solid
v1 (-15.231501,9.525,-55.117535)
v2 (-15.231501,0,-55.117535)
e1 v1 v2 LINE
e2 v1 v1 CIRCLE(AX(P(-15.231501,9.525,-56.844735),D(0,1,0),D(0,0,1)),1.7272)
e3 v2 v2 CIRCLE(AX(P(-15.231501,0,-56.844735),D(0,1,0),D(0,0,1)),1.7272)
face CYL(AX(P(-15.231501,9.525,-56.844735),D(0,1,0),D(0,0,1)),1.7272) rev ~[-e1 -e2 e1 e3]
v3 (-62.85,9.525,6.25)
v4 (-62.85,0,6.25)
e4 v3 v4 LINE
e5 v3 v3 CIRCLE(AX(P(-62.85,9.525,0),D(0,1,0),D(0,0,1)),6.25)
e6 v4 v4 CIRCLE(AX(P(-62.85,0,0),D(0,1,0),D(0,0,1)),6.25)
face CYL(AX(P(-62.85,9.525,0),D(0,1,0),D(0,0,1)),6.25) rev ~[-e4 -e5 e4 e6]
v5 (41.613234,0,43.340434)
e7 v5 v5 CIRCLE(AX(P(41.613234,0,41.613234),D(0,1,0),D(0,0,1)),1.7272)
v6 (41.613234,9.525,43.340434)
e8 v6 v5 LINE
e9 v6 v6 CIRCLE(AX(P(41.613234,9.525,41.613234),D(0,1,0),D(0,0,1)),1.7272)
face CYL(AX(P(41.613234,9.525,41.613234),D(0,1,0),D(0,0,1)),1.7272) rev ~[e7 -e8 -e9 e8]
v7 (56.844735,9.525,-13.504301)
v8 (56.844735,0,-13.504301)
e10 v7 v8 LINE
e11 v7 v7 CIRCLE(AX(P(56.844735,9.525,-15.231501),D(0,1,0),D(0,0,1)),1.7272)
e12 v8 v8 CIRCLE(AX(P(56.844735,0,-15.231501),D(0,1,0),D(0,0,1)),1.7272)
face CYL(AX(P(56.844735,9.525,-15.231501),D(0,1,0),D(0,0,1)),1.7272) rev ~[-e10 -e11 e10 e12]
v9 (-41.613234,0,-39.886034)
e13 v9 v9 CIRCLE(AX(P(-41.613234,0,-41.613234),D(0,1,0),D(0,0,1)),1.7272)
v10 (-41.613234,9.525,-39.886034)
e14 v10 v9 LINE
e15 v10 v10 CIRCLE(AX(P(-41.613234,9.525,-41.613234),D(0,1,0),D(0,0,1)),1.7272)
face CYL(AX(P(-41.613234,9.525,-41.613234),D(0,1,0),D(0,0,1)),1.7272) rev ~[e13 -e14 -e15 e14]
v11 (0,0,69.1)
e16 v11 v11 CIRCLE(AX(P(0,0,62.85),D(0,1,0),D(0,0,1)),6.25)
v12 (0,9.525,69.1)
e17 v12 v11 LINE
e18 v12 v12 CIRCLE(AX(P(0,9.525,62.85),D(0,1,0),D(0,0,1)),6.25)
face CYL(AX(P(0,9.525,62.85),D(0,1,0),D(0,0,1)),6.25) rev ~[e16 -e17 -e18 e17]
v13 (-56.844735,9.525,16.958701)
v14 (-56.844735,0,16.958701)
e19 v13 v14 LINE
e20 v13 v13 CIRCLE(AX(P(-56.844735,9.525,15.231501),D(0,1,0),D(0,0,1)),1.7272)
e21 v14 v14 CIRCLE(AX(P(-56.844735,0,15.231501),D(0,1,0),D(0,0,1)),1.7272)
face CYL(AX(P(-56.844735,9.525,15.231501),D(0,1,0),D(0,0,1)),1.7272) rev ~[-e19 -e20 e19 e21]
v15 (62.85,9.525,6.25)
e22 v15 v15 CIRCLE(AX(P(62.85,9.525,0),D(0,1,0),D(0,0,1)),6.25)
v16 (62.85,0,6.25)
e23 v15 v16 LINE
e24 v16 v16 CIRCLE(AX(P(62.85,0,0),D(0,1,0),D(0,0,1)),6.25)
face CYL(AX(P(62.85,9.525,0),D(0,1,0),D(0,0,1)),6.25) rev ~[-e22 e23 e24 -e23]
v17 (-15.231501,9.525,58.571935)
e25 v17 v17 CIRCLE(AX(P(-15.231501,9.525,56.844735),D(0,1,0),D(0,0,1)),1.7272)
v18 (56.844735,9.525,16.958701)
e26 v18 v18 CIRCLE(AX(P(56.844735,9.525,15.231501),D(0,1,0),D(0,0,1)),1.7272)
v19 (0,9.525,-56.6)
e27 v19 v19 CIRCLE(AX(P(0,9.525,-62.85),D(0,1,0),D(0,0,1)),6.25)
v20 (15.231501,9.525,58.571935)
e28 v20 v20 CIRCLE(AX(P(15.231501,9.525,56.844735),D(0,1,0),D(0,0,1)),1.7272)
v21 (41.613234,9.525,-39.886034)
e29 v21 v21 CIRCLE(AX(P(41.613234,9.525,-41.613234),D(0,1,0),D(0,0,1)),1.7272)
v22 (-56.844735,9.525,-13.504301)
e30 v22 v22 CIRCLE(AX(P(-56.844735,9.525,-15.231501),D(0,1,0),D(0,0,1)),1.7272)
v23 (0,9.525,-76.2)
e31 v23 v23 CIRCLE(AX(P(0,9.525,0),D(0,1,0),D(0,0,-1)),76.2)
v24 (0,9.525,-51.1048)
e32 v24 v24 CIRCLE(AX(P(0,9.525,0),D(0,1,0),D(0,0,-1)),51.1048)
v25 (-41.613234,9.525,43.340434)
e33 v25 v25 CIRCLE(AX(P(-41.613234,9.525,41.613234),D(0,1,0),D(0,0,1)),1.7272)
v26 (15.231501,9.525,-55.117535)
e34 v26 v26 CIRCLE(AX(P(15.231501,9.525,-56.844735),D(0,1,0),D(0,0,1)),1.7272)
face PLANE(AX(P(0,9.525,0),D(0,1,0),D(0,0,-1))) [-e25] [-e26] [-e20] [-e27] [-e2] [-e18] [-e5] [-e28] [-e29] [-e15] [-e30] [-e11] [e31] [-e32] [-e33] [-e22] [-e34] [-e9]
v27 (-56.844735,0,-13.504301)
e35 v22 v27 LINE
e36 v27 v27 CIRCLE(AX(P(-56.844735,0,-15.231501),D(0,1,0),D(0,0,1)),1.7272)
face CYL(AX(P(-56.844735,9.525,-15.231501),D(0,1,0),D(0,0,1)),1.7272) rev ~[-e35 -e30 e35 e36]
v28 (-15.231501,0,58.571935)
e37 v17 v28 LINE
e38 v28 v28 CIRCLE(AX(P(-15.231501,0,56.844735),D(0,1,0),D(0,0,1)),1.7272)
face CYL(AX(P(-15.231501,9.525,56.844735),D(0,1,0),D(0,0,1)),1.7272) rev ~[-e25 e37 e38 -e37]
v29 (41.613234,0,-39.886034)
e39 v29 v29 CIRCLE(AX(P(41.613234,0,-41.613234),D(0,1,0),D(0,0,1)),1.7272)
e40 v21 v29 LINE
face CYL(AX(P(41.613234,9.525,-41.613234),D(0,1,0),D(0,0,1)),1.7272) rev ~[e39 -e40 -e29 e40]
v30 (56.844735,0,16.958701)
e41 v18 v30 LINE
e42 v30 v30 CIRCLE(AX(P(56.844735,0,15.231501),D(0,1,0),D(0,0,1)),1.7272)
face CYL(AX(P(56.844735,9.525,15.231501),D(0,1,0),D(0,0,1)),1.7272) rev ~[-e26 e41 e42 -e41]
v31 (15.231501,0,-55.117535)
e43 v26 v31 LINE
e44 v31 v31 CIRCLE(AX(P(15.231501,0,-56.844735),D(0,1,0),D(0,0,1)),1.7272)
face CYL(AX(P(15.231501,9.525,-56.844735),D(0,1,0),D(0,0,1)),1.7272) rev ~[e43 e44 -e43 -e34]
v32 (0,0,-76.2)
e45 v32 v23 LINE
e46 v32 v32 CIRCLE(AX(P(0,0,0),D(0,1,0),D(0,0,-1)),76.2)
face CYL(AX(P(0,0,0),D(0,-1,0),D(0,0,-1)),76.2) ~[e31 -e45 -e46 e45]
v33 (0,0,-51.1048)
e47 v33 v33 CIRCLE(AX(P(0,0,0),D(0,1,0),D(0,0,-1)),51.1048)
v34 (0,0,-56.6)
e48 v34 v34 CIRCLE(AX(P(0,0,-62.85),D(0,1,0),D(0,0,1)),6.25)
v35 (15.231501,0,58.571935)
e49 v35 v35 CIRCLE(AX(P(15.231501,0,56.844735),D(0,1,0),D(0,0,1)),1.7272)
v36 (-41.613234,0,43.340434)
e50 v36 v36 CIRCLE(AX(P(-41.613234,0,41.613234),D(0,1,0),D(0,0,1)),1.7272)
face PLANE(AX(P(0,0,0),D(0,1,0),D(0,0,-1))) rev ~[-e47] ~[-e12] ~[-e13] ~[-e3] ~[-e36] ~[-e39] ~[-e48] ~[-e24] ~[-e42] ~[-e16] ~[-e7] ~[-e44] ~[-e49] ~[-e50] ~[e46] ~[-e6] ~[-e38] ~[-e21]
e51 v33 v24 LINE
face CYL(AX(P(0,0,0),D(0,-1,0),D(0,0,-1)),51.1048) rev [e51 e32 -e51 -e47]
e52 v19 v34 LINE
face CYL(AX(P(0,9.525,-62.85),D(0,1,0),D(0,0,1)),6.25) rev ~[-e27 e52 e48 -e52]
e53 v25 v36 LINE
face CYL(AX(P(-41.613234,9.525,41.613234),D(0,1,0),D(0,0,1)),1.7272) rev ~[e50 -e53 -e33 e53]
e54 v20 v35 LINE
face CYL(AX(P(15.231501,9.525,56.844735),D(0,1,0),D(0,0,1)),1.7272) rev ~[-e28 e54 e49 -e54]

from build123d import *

# Parameters (mm, degrees)
SKETCH1_R           = 76.2
SKETCH1_R_2         = 51.1048
BOSS_EXTRUDE1_DEPTH = 9.525
SKETCH2_R           = 1.7272
CUT_EXTRUDE1_DEPTH  = 109.183203987
SKETCH3_R           = 6.249999946
CUT_EXTRUDE2_DEPTH  = 109.183203987


with BuildPart() as part:
    # Sketch1 → Boss-Extrude1 (new body)
    with BuildSketch(Plane(origin=(0, 0, 0), x_dir=(1, 0, 0), z_dir=(0, 1, 0))):
        with Locations(Location((0, 0, 0), (0, 0, 90))):
            Circle(SKETCH1_R)
        with Locations(Location((0, 0, 0), (0, 0, 90))):
            Circle(SKETCH1_R_2, mode=Mode.SUBTRACT)
    extrude(amount=BOSS_EXTRUDE1_DEPTH)

    # Sketch2 → Cut-Extrude1 (cut, through all)
    with BuildSketch(Plane(origin=(0, 9.525, 0), x_dir=(1, 0, 0), z_dir=(0, 1, 0))):
        with Locations(Location((-15.231500779, 56.844734782, 0), (0, 0, 270))):
            Circle(SKETCH2_R)
        with Locations(Location((15.231500779, 56.844734782, 0), (0, 0, 270))):
            Circle(SKETCH2_R)
        with Locations(Location((41.613234004, 41.613234004, 0), (0, 0, 270))):
            Circle(SKETCH2_R)
        with Locations(Location((56.844734782, 15.231500779, 0), (0, 0, 270))):
            Circle(SKETCH2_R)
        with Locations(Location((56.844734782, -15.231500779, 0), (0, 0, 270))):
            Circle(SKETCH2_R)
        with Locations(Location((41.613234004, -41.613234004, 0), (0, 0, 270))):
            Circle(SKETCH2_R)
        with Locations(Location((15.231500779, -56.844734782, 0), (0, 0, 270))):
            Circle(SKETCH2_R)
        with Locations(Location((-15.231500779, -56.844734782, 0), (0, 0, 270))):
            Circle(SKETCH2_R)
        with Locations(Location((-41.613234004, -41.613234004, 0), (0, 0, 270))):
            Circle(SKETCH2_R)
        with Locations(Location((-56.844734782, -15.231500779, 0), (0, 0, 270))):
            Circle(SKETCH2_R)
        with Locations(Location((-56.844734782, 15.231500779, 0), (0, 0, 270))):
            Circle(SKETCH2_R)
        with Locations(Location((-41.613234004, 41.613234004, 0), (0, 0, 270))):
            Circle(SKETCH2_R)
    extrude(amount=-CUT_EXTRUDE1_DEPTH, mode=Mode.SUBTRACT)

    # Sketch3 → Cut-Extrude2 (cut, through all)
    with BuildSketch(Plane(origin=(0, 9.525, 0), x_dir=(1, 0, 0), z_dir=(0, 1, 0))):
        with Locations(Location((-62.85000003, 0, 0), (0, 0, 270))):
            Circle(SKETCH3_R)
        with Locations(Location((0, 62.85000003, 0), (0, 0, 270))):
            Circle(SKETCH3_R)
        with Locations(Location((62.85000003, 0, 0), (0, 0, 270))):
            Circle(SKETCH3_R)
        with Locations(Location((0, -62.85000003, 0), (0, 0, 270))):
            Circle(SKETCH3_R)
    extrude(amount=-CUT_EXTRUDE2_DEPTH, mode=Mode.SUBTRACT)


solid = part.part
